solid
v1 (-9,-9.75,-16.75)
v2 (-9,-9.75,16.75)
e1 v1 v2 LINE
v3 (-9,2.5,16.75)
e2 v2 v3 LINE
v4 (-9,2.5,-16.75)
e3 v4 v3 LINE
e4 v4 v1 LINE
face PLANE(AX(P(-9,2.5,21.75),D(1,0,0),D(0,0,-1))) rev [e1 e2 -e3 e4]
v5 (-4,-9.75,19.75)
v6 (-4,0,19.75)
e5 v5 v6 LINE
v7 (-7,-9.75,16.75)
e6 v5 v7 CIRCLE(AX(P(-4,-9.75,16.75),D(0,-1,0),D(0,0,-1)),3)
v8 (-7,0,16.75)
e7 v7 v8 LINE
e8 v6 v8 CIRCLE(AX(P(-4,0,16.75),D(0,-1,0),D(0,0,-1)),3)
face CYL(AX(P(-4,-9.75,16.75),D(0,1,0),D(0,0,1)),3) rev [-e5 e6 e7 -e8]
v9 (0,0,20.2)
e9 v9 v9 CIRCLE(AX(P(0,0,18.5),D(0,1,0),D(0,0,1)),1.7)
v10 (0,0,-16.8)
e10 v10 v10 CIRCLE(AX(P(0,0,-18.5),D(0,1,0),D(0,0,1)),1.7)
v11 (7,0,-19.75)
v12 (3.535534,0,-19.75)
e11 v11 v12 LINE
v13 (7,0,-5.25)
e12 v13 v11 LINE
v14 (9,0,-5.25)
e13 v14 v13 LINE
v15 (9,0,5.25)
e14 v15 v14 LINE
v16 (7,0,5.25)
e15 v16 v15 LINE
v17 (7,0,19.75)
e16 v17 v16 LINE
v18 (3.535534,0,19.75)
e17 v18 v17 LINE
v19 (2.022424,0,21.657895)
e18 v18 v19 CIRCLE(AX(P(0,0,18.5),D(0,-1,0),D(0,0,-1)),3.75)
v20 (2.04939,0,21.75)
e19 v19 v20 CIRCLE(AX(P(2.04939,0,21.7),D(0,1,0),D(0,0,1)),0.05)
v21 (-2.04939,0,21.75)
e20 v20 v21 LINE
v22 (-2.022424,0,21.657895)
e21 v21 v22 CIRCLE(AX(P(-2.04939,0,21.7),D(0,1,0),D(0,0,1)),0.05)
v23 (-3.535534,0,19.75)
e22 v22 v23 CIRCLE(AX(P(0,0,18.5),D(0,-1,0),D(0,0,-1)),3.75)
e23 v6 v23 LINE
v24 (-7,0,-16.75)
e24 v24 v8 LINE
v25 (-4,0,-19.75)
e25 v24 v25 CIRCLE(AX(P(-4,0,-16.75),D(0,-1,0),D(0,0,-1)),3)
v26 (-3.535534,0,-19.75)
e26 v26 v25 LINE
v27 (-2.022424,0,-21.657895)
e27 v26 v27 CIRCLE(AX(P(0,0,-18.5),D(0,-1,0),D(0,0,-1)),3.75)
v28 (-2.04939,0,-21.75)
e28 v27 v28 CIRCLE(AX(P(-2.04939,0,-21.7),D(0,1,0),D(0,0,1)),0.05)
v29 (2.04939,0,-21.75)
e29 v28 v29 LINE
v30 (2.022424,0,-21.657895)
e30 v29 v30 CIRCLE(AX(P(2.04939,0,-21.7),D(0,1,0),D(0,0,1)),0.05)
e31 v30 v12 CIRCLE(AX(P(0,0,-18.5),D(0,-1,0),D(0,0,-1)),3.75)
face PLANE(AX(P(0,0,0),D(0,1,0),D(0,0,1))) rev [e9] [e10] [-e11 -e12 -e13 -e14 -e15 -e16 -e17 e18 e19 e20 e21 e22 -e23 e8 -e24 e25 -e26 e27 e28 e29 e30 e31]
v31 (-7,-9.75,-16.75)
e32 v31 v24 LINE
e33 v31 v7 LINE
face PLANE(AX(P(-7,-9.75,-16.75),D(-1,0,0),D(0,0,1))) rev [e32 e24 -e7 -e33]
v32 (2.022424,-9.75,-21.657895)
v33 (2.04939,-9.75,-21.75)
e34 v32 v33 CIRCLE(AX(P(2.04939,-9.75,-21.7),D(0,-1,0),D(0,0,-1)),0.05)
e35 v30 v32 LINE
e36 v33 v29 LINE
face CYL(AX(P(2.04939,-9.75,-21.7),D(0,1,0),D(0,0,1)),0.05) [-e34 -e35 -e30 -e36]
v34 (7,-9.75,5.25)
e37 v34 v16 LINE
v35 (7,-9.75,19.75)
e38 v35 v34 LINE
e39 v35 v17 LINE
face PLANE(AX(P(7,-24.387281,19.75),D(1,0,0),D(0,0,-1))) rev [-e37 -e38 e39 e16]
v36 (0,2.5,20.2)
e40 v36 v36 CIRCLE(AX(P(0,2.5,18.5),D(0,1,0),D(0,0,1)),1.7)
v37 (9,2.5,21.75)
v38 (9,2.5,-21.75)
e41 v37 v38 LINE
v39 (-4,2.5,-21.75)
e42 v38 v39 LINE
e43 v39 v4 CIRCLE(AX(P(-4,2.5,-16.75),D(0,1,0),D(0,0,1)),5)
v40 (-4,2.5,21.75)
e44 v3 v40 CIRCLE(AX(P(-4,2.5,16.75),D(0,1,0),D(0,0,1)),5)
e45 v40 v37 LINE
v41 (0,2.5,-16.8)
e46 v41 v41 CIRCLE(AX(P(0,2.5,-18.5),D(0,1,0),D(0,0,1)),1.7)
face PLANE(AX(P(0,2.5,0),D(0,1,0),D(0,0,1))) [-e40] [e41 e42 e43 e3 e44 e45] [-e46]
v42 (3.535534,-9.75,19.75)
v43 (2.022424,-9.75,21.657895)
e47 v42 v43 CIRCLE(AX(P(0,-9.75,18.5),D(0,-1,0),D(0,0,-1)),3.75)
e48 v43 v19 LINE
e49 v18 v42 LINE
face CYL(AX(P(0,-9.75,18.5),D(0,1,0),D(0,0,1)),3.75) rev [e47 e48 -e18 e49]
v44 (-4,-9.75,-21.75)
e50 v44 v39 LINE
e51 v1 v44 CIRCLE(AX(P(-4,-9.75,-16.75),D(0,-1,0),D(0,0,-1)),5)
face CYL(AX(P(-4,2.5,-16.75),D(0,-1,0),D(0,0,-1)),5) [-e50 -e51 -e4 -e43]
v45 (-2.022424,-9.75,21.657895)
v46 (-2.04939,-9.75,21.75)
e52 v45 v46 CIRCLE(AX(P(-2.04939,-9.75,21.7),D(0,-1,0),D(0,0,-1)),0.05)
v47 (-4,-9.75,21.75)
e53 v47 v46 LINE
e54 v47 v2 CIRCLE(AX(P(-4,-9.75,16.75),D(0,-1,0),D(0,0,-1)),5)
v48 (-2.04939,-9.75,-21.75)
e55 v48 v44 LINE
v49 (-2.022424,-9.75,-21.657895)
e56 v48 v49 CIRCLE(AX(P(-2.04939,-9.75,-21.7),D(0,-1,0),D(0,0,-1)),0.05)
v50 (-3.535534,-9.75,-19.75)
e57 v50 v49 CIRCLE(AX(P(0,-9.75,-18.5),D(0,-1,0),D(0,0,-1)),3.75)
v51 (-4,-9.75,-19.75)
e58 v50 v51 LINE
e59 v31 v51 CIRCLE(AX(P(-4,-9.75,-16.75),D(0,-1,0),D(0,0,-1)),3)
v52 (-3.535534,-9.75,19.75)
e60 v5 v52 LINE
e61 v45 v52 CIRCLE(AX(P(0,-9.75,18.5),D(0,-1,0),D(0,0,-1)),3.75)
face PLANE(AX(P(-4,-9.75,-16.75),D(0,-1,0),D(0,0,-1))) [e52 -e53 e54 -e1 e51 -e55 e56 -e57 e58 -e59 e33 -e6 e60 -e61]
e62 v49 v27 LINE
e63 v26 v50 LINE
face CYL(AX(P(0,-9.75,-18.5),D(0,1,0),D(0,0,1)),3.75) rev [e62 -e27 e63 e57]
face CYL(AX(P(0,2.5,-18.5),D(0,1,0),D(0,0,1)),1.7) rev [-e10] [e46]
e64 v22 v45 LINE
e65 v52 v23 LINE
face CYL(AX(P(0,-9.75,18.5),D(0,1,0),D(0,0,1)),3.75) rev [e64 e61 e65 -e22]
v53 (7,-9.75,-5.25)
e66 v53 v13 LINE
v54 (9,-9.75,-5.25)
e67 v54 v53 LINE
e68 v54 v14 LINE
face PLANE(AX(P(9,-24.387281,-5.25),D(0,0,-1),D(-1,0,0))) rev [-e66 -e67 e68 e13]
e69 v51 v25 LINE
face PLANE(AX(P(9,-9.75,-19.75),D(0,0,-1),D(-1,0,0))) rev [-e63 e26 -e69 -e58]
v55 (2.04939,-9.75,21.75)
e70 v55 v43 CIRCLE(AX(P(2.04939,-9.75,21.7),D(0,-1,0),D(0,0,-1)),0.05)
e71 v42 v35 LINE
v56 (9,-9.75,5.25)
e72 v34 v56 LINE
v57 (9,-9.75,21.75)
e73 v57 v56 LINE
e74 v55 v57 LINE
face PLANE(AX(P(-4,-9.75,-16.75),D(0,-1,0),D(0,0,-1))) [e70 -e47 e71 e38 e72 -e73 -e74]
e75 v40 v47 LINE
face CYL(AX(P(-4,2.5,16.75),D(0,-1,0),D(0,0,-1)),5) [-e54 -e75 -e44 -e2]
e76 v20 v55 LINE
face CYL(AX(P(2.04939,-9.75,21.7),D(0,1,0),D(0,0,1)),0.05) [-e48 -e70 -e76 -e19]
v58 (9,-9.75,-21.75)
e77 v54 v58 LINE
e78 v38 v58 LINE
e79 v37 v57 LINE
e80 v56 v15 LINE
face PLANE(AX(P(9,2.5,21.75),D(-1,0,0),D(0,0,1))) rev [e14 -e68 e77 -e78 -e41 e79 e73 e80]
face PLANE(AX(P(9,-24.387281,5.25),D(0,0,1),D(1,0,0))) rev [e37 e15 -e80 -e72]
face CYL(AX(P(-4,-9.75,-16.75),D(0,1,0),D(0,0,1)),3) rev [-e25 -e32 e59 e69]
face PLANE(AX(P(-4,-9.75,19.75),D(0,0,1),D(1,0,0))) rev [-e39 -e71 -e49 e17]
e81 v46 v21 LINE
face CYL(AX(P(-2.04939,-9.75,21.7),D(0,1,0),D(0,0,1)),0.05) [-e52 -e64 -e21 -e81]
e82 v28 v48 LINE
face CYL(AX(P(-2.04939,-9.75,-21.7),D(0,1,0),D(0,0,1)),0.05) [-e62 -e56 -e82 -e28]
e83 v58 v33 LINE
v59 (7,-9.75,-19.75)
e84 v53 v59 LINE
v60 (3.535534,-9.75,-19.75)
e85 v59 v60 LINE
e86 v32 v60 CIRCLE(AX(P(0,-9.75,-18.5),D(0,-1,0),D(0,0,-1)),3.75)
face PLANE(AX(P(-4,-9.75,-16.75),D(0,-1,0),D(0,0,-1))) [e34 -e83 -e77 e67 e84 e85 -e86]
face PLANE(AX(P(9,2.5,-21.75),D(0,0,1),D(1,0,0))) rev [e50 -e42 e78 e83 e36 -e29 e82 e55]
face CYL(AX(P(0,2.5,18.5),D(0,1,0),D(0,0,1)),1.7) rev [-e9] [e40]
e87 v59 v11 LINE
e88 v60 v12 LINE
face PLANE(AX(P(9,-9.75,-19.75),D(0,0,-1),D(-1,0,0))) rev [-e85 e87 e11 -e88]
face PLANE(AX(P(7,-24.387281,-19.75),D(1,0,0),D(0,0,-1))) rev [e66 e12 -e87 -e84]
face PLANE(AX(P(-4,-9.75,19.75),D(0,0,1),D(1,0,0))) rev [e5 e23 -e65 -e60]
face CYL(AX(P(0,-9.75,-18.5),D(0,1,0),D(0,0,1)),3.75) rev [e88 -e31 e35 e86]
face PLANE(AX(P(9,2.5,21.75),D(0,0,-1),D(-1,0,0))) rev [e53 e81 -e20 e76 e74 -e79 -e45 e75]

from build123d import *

# Parameters (mm, degrees)
SKETCH1_W            = 18
SKETCH1_H            = 43.5
BOSS_EXTRUDE1_DEPTH  = 2.5
FILLET1_R            = 5
BOSS_EXTRUDE2_DEPTH  = 9.75
SKETCH3_W            = 2
SKETCH3_H            = 14.5
BOSS_EXTRUDE3_DEPTH  = 9.75
M3_CLEARANCE_HOLE1_D = 3.4
SKETCH7_R            = 3.75
CUT_EXTRUDE1_DEPTH   = 26.477931627
FILLET2_R            = 0.05


with BuildPart() as part:
    # Sketch1 → Boss-Extrude1 (new body)
    with BuildSketch(Plane(origin=(0, 0, 0), x_dir=(1, 0, 0), z_dir=(0, 1, 0))):
        Rectangle(SKETCH1_W, SKETCH1_H)
    extrude(amount=BOSS_EXTRUDE1_DEPTH)

    # Fillet1
    fillet1_edges = [part.edges().sort_by_distance(p)[0] for p in [
        (-9, 1.25, -21.75),
        (-9, 1.25, 21.75),
    ]]
    fillet(fillet1_edges, radius=FILLET1_R)

    # Sketch2 → Boss-Extrude2 (add)
    with BuildSketch(Plane.XZ):
        with BuildLine():
            Line((9, -21.75), (-4, -21.75))
            ThreePointArc((-4, -21.75), (-7.535533906, -20.285533906), (-9, -16.75))
            Line((-9, -16.75), (-9, 16.75))
            ThreePointArc((-9, 16.75), (-7.535533906, 20.285533906), (-4, 21.75))
            Line((-4, 21.75), (9, 21.75))
            Line((9, 21.75), (9, 19.75))
            Line((9, 19.75), (-4, 19.75))
            ThreePointArc((-4, 19.75), (-6.121320344, 18.871320344), (-7, 16.75))
            Line((-7, 16.75), (-7, -16.75))
            ThreePointArc((-7, -16.75), (-6.121320344, -18.871320344), (-4, -19.75))
            Line((-4, -19.75), (9, -19.75))
            Line((9, -19.75), (9, -21.75))
        make_face()
    extrude(amount=BOSS_EXTRUDE2_DEPTH)

    # Sketch3 → Boss-Extrude3 (add)
    with BuildSketch(Plane.XZ):
        with Locations((8, 12.5)):
            Rectangle(SKETCH3_W, SKETCH3_H)
        with Locations((8, -12.5)):
            Rectangle(SKETCH3_W, SKETCH3_H)
    extrude(amount=BOSS_EXTRUDE3_DEPTH)

    # M3 Clearance Hole1 (through all)
    with Locations(Plane(origin=(0, 2.5, 0), x_dir=(1, 0, 0), z_dir=(0, 1, 0))):
        with Locations((0, -18.5), (0, 18.5)):
            Hole(M3_CLEARANCE_HOLE1_D / 2)

    # Sketch7 → Cut-Extrude1 (cut, through all)
    with BuildSketch(Plane.XZ):
        with Locations((0, 18.5)):
            Circle(SKETCH7_R)
        with Locations((0, -18.5)):
            Circle(SKETCH7_R)
    extrude(amount=CUT_EXTRUDE1_DEPTH, mode=Mode.SUBTRACT)

    # Fillet2
    fillet2_edges = [part.edges().sort_by_distance(p)[0] for p in [
        (-1.870828693, -4.875, -21.75),
        (1.870828693, -4.875, -21.75),
        (1.870828693, -4.875, 21.75),
        (-1.870828693, -4.875, 21.75),
    ]]
    fillet(fillet2_edges, radius=FILLET2_R)


solid = part.part
